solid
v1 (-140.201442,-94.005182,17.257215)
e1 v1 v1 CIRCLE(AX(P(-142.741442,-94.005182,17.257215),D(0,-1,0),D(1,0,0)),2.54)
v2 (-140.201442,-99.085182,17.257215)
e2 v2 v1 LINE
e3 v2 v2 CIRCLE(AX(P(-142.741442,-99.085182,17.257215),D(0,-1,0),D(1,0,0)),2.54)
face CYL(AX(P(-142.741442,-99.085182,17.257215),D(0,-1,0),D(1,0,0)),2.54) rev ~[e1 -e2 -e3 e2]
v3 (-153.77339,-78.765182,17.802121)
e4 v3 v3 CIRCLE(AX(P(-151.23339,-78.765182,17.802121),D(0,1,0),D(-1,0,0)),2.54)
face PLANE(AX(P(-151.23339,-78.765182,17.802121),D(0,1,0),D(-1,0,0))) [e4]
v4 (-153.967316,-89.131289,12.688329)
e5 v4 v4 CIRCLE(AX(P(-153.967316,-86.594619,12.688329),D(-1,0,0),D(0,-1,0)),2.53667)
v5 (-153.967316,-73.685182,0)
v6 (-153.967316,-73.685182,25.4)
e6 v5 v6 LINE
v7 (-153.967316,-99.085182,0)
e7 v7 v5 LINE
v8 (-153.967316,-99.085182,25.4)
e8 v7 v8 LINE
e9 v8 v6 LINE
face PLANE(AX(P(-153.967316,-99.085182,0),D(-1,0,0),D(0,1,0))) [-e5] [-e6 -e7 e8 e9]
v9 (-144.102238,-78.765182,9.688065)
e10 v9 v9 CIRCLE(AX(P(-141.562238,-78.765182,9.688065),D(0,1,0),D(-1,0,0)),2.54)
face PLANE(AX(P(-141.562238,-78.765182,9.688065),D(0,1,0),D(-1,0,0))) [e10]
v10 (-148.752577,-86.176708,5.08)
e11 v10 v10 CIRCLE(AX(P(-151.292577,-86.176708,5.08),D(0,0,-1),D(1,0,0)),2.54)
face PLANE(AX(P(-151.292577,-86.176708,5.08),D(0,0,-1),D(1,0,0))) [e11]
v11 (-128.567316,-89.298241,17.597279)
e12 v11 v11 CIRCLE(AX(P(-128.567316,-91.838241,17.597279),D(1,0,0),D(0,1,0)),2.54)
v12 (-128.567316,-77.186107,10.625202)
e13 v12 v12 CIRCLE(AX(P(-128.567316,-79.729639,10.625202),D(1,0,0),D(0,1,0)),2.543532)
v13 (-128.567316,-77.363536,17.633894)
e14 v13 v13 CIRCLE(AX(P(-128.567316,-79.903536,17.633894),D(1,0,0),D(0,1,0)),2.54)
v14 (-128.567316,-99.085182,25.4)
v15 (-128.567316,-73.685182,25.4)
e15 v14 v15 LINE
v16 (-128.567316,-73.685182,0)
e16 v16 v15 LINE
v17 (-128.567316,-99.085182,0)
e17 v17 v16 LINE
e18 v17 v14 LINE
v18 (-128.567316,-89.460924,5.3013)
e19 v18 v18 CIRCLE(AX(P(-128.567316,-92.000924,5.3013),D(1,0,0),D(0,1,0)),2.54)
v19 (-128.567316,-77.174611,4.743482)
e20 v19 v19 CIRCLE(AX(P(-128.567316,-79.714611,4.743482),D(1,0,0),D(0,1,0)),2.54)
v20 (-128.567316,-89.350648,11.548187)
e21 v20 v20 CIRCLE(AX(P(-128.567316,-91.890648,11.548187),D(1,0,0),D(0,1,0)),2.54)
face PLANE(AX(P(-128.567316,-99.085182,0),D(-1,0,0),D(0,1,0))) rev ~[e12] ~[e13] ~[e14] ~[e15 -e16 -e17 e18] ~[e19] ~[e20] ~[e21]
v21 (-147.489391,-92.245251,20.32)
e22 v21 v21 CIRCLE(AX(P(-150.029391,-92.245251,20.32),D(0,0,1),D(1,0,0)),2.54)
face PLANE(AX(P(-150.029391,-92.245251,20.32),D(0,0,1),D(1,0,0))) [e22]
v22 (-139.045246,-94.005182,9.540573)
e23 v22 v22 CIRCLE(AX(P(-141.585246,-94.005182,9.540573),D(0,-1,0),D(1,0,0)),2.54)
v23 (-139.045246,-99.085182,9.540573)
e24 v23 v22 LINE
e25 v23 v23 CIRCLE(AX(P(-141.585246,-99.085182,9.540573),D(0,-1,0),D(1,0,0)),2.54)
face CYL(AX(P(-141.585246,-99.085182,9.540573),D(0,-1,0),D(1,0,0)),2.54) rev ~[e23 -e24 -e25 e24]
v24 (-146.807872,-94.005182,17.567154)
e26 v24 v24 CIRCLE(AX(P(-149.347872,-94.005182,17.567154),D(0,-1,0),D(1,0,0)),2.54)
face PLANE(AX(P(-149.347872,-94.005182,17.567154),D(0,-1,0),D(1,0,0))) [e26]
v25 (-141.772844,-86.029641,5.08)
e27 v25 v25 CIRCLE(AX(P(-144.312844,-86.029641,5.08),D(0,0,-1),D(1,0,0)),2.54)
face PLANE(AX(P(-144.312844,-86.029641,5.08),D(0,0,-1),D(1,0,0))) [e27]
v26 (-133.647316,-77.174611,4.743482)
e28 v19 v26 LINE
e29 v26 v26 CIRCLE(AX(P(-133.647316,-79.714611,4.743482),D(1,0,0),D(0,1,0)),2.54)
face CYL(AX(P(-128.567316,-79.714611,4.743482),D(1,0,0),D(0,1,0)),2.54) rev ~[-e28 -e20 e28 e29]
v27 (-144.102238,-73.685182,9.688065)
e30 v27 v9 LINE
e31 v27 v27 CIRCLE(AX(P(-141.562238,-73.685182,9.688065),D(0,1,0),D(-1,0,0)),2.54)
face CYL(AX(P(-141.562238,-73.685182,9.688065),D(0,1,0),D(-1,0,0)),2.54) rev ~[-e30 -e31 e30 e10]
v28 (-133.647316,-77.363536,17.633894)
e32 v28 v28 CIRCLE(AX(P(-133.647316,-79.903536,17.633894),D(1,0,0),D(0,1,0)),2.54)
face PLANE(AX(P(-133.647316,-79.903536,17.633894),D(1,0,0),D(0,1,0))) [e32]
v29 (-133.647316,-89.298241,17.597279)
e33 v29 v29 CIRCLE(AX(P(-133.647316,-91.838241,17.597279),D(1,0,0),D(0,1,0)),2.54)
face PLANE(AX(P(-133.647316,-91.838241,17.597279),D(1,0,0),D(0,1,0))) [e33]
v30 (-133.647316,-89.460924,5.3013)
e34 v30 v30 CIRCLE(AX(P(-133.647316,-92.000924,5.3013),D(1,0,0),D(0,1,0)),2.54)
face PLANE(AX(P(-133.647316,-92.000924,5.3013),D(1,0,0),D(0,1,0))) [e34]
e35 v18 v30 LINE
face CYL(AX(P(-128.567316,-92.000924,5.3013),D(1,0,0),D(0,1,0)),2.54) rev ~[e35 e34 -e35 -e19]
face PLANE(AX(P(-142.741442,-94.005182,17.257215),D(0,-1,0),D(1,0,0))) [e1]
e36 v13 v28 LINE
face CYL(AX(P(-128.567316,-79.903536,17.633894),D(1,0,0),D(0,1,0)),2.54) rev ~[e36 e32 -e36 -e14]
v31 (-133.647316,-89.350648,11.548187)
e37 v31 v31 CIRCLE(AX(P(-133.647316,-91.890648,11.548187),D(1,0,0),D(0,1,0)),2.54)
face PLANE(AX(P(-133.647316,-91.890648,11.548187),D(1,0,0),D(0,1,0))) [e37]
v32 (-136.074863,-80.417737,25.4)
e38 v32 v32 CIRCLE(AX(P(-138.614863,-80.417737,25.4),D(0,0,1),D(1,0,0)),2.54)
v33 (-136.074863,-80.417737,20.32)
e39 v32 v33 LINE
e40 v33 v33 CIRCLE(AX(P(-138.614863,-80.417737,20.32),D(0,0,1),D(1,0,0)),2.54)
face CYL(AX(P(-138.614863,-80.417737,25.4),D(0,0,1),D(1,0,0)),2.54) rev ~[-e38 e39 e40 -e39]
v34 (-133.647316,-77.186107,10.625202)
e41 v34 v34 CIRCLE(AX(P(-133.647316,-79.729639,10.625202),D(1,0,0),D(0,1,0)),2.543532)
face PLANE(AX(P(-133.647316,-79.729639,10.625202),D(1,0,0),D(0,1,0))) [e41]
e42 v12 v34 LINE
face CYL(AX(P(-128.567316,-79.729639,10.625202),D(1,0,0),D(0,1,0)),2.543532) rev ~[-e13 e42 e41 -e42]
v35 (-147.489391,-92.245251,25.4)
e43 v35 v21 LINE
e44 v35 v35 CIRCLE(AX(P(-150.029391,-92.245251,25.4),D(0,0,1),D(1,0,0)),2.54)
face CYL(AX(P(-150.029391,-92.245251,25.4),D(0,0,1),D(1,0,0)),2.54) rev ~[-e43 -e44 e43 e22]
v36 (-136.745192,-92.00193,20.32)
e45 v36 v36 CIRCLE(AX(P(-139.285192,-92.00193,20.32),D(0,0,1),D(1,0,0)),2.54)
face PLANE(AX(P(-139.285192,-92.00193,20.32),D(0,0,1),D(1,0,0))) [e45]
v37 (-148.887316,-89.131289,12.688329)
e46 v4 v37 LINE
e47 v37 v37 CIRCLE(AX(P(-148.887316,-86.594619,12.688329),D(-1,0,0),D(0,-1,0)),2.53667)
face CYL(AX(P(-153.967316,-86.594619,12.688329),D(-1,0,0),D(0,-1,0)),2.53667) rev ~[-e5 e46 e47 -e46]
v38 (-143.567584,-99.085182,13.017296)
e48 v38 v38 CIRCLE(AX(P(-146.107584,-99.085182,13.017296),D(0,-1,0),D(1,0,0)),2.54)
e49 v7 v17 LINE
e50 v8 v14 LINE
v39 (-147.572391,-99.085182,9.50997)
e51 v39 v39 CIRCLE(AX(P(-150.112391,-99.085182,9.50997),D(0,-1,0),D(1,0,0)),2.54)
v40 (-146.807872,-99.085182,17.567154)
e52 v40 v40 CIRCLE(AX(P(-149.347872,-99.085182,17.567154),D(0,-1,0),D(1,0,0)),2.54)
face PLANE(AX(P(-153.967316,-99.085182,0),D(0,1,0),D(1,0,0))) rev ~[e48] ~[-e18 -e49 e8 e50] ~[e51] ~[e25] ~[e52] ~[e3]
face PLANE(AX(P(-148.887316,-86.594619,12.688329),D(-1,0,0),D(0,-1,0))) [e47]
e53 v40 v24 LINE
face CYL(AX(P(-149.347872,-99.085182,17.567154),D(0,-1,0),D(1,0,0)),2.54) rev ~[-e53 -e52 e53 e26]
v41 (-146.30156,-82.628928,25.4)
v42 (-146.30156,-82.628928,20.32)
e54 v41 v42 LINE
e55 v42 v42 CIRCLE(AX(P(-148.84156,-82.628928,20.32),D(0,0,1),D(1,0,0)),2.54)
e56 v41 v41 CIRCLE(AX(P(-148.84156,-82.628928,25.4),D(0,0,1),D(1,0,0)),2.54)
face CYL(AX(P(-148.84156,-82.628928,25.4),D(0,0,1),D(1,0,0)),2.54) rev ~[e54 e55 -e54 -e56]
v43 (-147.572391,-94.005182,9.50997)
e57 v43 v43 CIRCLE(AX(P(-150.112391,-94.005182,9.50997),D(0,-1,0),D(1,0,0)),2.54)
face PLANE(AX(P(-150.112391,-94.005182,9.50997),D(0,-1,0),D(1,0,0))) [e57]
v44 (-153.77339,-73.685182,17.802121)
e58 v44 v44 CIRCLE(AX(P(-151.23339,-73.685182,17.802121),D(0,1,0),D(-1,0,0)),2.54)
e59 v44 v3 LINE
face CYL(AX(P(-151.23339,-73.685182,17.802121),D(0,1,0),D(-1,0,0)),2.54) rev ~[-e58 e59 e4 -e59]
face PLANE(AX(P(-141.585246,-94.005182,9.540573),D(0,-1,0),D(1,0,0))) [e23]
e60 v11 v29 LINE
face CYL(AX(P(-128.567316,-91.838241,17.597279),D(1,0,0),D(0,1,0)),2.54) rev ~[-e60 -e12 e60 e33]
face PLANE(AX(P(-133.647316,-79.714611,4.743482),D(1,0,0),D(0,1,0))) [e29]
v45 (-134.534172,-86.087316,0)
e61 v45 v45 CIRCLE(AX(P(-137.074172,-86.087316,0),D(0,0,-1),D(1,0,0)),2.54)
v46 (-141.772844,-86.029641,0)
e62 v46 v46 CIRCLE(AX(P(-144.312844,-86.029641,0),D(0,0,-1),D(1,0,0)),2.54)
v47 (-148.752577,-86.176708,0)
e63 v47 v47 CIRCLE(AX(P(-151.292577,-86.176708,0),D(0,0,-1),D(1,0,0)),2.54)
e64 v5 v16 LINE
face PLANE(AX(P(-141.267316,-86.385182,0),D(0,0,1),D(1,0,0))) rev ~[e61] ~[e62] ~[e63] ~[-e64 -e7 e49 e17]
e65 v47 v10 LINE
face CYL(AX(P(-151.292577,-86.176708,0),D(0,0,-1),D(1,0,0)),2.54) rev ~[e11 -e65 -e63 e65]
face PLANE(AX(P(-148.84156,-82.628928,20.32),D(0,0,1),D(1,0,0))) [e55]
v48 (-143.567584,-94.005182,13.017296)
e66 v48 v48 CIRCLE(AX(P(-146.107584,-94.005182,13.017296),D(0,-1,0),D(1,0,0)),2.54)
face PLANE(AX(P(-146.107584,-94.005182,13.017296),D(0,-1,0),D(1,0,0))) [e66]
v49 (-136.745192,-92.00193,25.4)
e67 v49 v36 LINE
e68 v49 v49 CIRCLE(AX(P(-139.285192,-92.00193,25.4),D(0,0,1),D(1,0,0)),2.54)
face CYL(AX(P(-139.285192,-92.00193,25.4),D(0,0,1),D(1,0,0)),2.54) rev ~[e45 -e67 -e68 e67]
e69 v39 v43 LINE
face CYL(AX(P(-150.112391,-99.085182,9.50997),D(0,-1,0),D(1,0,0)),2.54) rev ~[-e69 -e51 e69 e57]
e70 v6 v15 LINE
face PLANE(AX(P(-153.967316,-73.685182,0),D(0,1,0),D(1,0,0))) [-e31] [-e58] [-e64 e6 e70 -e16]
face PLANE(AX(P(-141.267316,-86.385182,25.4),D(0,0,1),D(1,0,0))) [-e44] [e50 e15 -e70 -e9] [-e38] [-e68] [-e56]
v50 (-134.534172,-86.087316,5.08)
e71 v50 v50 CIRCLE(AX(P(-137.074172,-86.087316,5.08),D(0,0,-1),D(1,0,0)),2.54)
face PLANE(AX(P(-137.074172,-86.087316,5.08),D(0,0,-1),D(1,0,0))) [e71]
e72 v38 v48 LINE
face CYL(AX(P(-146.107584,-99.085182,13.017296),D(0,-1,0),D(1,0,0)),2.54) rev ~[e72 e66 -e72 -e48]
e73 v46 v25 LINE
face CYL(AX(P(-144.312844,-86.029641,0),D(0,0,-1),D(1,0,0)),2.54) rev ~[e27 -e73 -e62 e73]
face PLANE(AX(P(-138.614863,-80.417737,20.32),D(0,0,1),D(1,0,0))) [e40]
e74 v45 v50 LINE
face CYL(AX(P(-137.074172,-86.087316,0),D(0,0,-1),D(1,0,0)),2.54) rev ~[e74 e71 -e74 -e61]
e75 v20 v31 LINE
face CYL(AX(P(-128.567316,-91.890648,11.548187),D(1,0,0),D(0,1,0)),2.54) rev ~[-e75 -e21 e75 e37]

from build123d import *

# Parameters (mm, degrees)
F0_W      = 25.4
F0_H      = 25.4
F1_DEPTH  = 25.4
F2_R      = 2.53667
F3_DEPTH  = 5.08
F4_R      = 2.54
F5_DEPTH  = 5.08
F6_R      = 2.54
F7_DEPTH  = 5.08
F8_R      = 2.543532
F9_DEPTH  = 5.08
F10_R     = 2.54
F11_DEPTH = 5.08
F12_R     = 2.54
F13_DEPTH = 5.08
F14_R     = 2.54
F15_DEPTH = 5.08
F16_R     = 2.54
F18_DEPTH = 5.08
F17_R     = 2.54
F19_DEPTH = 5.08
F20_R     = 2.54
F24_DEPTH = 5.08
F23_R     = 2.54
F25_DEPTH = 5.08
F22_R     = 2.54
F26_DEPTH = 5.08
F21_R     = 2.54
F27_DEPTH = 5.08
F28_R     = 2.54
F29_DEPTH = 5.08
F31_R     = 2.54
F32_DEPTH = 5.08
F30_R     = 2.54
F33_DEPTH = 5.08
F34_R     = 2.54
F35_DEPTH = 5.08
F36_R     = 2.54
F37_DEPTH = 5.08
F38_R     = 2.54
F39_DEPTH = 5.08
F40_R     = 2.54
F41_DEPTH = 5.08
F42_R     = 2.54
F43_DEPTH = 5.08


with BuildPart() as f1:
    # F0 (on Top) → F1 (new body)
    with BuildSketch(Plane.XY):
        with Locations((-141.267316, -86.385182)):
            Rectangle(F0_W, F0_H)
    extrude(amount=F1_DEPTH)

    # F2 (on face) → F3 (cut)
    with BuildSketch(Plane(origin=(-153.967316, 0, 0), x_dir=(0, -1, 0), z_dir=(-1, 0, 0))):
        with Locations((86.594619, 12.688329)):
            Circle(F2_R)
    extrude(amount=-F3_DEPTH, mode=Mode.SUBTRACT)

    # F4 (on face) → F5 (cut)
    with BuildSketch(Plane.YZ.offset(-128.567316)):
        with Locations((-91.838241, 17.597279)):
            Circle(F4_R)
    extrude(amount=-F5_DEPTH, mode=Mode.SUBTRACT)

    # F6 (on face) → F7 (cut)
    with BuildSketch(Plane.YZ.offset(-128.567316)):
        with Locations((-79.903536, 17.633894)):
            Circle(F6_R)
    extrude(amount=-F7_DEPTH, mode=Mode.SUBTRACT)

    # F8 (on face) → F9 (cut)
    with BuildSketch(Plane.YZ.offset(-128.567316)):
        with Locations((-79.729639, 10.625202)):
            Circle(F8_R)
    extrude(amount=-F9_DEPTH, mode=Mode.SUBTRACT)

    # F10 (on face) → F11 (cut)
    with BuildSketch(Plane.YZ.offset(-128.567316)):
        with Locations((-91.890648, 11.548187)):
            Circle(F10_R)
    extrude(amount=-F11_DEPTH, mode=Mode.SUBTRACT)

    # F12 (on face) → F13 (cut)
    with BuildSketch(Plane.YZ.offset(-128.567316)):
        with Locations((-92.000924, 5.3013)):
            Circle(F12_R)
    extrude(amount=-F13_DEPTH, mode=Mode.SUBTRACT)

    # F14 (on face) → F15 (cut)
    with BuildSketch(Plane.YZ.offset(-128.567316)):
        with Locations((-79.714611, 4.743482)):
            Circle(F14_R)
    extrude(amount=-F15_DEPTH, mode=Mode.SUBTRACT)

    # F16 (on face) → F18 (cut)
    with BuildSketch(Plane(origin=(0, -73.685182, 0), x_dir=(-1, 0, 0), z_dir=(0, 1, 0))):
        with Locations((141.562238, 9.688065)):
            Circle(F16_R)
    extrude(amount=-F18_DEPTH, mode=Mode.SUBTRACT)

    # F17 (on face) → F19 (cut)
    with BuildSketch(Plane(origin=(0, -73.685182, 0), x_dir=(-1, 0, 0), z_dir=(0, 1, 0))):
        with Locations((151.23339, 17.802121)):
            Circle(F17_R)
    extrude(amount=-F19_DEPTH, mode=Mode.SUBTRACT)

    # F20 (on face) → F24 (cut)
    with BuildSketch(Plane.XY.offset(25.4)):
        with Locations((-139.285192, -92.00193)):
            Circle(F20_R)
    extrude(amount=-F24_DEPTH, mode=Mode.SUBTRACT)

    # F23 (on face) → F25 (cut)
    with BuildSketch(Plane.XY.offset(25.4)):
        with Locations((-150.029391, -92.245251)):
            Circle(F23_R)
    extrude(amount=-F25_DEPTH, mode=Mode.SUBTRACT)

    # F22 (on face) → F26 (cut)
    with BuildSketch(Plane.XY.offset(25.4)):
        with Locations((-138.614863, -80.417737)):
            Circle(F22_R)
    extrude(amount=-F26_DEPTH, mode=Mode.SUBTRACT)

    # F21 (on face) → F27 (cut)
    with BuildSketch(Plane.XY.offset(25.4)):
        with Locations((-148.84156, -82.628928)):
            Circle(F21_R)
    extrude(amount=-F27_DEPTH, mode=Mode.SUBTRACT)

    # F28 (on face) → F29 (cut)
    with BuildSketch(Plane(origin=(0, 0, 0), x_dir=(1, 0, 0), z_dir=(0, 0, -1))):
        with Locations((-137.074172, 86.087316)):
            Circle(F28_R)
    extrude(amount=-F29_DEPTH, mode=Mode.SUBTRACT)

    # F31 (on face) → F32 (cut)
    with BuildSketch(Plane(origin=(0, 0, 0), x_dir=(1, 0, 0), z_dir=(0, 0, -1))):
        with Locations((-151.292577, 86.176708)):
            Circle(F31_R)
    extrude(amount=-F32_DEPTH, mode=Mode.SUBTRACT)

    # F30 (on face) → F33 (cut)
    with BuildSketch(Plane(origin=(0, 0, 0), x_dir=(1, 0, 0), z_dir=(0, 0, -1))):
        with Locations((-144.312844, 86.029641)):
            Circle(F30_R)
    extrude(amount=-F33_DEPTH, mode=Mode.SUBTRACT)

    # F34 (on face) → F35 (cut)
    with BuildSketch(Plane.XZ.offset(99.085182)):
        with Locations((-142.741442, 17.257215)):
            Circle(F34_R)
    extrude(amount=-F35_DEPTH, mode=Mode.SUBTRACT)

    # F36 (on face) → F37 (cut)
    with BuildSketch(Plane.XZ.offset(99.085182)):
        with Locations((-146.107584, 13.017296)):
            Circle(F36_R)
    extrude(amount=-F37_DEPTH, mode=Mode.SUBTRACT)

    # F38 (on face) → F39 (cut)
    with BuildSketch(Plane.XZ.offset(99.085182)):
        with Locations((-141.585246, 9.540573)):
            Circle(F38_R)
    extrude(amount=-F39_DEPTH, mode=Mode.SUBTRACT)

    # F40 (on face) → F41 (cut)
    with BuildSketch(Plane.XZ.offset(99.085182)):
        with Locations((-149.347872, 17.567154)):
            Circle(F40_R)
    extrude(amount=-F41_DEPTH, mode=Mode.SUBTRACT)

    # F42 (on face) → F43 (cut)
    with BuildSketch(Plane.XZ.offset(99.085182)):
        with Locations((-150.112391, 9.50997)):
            Circle(F42_R)
    extrude(amount=-F43_DEPTH, mode=Mode.SUBTRACT)


solid = f1.part
